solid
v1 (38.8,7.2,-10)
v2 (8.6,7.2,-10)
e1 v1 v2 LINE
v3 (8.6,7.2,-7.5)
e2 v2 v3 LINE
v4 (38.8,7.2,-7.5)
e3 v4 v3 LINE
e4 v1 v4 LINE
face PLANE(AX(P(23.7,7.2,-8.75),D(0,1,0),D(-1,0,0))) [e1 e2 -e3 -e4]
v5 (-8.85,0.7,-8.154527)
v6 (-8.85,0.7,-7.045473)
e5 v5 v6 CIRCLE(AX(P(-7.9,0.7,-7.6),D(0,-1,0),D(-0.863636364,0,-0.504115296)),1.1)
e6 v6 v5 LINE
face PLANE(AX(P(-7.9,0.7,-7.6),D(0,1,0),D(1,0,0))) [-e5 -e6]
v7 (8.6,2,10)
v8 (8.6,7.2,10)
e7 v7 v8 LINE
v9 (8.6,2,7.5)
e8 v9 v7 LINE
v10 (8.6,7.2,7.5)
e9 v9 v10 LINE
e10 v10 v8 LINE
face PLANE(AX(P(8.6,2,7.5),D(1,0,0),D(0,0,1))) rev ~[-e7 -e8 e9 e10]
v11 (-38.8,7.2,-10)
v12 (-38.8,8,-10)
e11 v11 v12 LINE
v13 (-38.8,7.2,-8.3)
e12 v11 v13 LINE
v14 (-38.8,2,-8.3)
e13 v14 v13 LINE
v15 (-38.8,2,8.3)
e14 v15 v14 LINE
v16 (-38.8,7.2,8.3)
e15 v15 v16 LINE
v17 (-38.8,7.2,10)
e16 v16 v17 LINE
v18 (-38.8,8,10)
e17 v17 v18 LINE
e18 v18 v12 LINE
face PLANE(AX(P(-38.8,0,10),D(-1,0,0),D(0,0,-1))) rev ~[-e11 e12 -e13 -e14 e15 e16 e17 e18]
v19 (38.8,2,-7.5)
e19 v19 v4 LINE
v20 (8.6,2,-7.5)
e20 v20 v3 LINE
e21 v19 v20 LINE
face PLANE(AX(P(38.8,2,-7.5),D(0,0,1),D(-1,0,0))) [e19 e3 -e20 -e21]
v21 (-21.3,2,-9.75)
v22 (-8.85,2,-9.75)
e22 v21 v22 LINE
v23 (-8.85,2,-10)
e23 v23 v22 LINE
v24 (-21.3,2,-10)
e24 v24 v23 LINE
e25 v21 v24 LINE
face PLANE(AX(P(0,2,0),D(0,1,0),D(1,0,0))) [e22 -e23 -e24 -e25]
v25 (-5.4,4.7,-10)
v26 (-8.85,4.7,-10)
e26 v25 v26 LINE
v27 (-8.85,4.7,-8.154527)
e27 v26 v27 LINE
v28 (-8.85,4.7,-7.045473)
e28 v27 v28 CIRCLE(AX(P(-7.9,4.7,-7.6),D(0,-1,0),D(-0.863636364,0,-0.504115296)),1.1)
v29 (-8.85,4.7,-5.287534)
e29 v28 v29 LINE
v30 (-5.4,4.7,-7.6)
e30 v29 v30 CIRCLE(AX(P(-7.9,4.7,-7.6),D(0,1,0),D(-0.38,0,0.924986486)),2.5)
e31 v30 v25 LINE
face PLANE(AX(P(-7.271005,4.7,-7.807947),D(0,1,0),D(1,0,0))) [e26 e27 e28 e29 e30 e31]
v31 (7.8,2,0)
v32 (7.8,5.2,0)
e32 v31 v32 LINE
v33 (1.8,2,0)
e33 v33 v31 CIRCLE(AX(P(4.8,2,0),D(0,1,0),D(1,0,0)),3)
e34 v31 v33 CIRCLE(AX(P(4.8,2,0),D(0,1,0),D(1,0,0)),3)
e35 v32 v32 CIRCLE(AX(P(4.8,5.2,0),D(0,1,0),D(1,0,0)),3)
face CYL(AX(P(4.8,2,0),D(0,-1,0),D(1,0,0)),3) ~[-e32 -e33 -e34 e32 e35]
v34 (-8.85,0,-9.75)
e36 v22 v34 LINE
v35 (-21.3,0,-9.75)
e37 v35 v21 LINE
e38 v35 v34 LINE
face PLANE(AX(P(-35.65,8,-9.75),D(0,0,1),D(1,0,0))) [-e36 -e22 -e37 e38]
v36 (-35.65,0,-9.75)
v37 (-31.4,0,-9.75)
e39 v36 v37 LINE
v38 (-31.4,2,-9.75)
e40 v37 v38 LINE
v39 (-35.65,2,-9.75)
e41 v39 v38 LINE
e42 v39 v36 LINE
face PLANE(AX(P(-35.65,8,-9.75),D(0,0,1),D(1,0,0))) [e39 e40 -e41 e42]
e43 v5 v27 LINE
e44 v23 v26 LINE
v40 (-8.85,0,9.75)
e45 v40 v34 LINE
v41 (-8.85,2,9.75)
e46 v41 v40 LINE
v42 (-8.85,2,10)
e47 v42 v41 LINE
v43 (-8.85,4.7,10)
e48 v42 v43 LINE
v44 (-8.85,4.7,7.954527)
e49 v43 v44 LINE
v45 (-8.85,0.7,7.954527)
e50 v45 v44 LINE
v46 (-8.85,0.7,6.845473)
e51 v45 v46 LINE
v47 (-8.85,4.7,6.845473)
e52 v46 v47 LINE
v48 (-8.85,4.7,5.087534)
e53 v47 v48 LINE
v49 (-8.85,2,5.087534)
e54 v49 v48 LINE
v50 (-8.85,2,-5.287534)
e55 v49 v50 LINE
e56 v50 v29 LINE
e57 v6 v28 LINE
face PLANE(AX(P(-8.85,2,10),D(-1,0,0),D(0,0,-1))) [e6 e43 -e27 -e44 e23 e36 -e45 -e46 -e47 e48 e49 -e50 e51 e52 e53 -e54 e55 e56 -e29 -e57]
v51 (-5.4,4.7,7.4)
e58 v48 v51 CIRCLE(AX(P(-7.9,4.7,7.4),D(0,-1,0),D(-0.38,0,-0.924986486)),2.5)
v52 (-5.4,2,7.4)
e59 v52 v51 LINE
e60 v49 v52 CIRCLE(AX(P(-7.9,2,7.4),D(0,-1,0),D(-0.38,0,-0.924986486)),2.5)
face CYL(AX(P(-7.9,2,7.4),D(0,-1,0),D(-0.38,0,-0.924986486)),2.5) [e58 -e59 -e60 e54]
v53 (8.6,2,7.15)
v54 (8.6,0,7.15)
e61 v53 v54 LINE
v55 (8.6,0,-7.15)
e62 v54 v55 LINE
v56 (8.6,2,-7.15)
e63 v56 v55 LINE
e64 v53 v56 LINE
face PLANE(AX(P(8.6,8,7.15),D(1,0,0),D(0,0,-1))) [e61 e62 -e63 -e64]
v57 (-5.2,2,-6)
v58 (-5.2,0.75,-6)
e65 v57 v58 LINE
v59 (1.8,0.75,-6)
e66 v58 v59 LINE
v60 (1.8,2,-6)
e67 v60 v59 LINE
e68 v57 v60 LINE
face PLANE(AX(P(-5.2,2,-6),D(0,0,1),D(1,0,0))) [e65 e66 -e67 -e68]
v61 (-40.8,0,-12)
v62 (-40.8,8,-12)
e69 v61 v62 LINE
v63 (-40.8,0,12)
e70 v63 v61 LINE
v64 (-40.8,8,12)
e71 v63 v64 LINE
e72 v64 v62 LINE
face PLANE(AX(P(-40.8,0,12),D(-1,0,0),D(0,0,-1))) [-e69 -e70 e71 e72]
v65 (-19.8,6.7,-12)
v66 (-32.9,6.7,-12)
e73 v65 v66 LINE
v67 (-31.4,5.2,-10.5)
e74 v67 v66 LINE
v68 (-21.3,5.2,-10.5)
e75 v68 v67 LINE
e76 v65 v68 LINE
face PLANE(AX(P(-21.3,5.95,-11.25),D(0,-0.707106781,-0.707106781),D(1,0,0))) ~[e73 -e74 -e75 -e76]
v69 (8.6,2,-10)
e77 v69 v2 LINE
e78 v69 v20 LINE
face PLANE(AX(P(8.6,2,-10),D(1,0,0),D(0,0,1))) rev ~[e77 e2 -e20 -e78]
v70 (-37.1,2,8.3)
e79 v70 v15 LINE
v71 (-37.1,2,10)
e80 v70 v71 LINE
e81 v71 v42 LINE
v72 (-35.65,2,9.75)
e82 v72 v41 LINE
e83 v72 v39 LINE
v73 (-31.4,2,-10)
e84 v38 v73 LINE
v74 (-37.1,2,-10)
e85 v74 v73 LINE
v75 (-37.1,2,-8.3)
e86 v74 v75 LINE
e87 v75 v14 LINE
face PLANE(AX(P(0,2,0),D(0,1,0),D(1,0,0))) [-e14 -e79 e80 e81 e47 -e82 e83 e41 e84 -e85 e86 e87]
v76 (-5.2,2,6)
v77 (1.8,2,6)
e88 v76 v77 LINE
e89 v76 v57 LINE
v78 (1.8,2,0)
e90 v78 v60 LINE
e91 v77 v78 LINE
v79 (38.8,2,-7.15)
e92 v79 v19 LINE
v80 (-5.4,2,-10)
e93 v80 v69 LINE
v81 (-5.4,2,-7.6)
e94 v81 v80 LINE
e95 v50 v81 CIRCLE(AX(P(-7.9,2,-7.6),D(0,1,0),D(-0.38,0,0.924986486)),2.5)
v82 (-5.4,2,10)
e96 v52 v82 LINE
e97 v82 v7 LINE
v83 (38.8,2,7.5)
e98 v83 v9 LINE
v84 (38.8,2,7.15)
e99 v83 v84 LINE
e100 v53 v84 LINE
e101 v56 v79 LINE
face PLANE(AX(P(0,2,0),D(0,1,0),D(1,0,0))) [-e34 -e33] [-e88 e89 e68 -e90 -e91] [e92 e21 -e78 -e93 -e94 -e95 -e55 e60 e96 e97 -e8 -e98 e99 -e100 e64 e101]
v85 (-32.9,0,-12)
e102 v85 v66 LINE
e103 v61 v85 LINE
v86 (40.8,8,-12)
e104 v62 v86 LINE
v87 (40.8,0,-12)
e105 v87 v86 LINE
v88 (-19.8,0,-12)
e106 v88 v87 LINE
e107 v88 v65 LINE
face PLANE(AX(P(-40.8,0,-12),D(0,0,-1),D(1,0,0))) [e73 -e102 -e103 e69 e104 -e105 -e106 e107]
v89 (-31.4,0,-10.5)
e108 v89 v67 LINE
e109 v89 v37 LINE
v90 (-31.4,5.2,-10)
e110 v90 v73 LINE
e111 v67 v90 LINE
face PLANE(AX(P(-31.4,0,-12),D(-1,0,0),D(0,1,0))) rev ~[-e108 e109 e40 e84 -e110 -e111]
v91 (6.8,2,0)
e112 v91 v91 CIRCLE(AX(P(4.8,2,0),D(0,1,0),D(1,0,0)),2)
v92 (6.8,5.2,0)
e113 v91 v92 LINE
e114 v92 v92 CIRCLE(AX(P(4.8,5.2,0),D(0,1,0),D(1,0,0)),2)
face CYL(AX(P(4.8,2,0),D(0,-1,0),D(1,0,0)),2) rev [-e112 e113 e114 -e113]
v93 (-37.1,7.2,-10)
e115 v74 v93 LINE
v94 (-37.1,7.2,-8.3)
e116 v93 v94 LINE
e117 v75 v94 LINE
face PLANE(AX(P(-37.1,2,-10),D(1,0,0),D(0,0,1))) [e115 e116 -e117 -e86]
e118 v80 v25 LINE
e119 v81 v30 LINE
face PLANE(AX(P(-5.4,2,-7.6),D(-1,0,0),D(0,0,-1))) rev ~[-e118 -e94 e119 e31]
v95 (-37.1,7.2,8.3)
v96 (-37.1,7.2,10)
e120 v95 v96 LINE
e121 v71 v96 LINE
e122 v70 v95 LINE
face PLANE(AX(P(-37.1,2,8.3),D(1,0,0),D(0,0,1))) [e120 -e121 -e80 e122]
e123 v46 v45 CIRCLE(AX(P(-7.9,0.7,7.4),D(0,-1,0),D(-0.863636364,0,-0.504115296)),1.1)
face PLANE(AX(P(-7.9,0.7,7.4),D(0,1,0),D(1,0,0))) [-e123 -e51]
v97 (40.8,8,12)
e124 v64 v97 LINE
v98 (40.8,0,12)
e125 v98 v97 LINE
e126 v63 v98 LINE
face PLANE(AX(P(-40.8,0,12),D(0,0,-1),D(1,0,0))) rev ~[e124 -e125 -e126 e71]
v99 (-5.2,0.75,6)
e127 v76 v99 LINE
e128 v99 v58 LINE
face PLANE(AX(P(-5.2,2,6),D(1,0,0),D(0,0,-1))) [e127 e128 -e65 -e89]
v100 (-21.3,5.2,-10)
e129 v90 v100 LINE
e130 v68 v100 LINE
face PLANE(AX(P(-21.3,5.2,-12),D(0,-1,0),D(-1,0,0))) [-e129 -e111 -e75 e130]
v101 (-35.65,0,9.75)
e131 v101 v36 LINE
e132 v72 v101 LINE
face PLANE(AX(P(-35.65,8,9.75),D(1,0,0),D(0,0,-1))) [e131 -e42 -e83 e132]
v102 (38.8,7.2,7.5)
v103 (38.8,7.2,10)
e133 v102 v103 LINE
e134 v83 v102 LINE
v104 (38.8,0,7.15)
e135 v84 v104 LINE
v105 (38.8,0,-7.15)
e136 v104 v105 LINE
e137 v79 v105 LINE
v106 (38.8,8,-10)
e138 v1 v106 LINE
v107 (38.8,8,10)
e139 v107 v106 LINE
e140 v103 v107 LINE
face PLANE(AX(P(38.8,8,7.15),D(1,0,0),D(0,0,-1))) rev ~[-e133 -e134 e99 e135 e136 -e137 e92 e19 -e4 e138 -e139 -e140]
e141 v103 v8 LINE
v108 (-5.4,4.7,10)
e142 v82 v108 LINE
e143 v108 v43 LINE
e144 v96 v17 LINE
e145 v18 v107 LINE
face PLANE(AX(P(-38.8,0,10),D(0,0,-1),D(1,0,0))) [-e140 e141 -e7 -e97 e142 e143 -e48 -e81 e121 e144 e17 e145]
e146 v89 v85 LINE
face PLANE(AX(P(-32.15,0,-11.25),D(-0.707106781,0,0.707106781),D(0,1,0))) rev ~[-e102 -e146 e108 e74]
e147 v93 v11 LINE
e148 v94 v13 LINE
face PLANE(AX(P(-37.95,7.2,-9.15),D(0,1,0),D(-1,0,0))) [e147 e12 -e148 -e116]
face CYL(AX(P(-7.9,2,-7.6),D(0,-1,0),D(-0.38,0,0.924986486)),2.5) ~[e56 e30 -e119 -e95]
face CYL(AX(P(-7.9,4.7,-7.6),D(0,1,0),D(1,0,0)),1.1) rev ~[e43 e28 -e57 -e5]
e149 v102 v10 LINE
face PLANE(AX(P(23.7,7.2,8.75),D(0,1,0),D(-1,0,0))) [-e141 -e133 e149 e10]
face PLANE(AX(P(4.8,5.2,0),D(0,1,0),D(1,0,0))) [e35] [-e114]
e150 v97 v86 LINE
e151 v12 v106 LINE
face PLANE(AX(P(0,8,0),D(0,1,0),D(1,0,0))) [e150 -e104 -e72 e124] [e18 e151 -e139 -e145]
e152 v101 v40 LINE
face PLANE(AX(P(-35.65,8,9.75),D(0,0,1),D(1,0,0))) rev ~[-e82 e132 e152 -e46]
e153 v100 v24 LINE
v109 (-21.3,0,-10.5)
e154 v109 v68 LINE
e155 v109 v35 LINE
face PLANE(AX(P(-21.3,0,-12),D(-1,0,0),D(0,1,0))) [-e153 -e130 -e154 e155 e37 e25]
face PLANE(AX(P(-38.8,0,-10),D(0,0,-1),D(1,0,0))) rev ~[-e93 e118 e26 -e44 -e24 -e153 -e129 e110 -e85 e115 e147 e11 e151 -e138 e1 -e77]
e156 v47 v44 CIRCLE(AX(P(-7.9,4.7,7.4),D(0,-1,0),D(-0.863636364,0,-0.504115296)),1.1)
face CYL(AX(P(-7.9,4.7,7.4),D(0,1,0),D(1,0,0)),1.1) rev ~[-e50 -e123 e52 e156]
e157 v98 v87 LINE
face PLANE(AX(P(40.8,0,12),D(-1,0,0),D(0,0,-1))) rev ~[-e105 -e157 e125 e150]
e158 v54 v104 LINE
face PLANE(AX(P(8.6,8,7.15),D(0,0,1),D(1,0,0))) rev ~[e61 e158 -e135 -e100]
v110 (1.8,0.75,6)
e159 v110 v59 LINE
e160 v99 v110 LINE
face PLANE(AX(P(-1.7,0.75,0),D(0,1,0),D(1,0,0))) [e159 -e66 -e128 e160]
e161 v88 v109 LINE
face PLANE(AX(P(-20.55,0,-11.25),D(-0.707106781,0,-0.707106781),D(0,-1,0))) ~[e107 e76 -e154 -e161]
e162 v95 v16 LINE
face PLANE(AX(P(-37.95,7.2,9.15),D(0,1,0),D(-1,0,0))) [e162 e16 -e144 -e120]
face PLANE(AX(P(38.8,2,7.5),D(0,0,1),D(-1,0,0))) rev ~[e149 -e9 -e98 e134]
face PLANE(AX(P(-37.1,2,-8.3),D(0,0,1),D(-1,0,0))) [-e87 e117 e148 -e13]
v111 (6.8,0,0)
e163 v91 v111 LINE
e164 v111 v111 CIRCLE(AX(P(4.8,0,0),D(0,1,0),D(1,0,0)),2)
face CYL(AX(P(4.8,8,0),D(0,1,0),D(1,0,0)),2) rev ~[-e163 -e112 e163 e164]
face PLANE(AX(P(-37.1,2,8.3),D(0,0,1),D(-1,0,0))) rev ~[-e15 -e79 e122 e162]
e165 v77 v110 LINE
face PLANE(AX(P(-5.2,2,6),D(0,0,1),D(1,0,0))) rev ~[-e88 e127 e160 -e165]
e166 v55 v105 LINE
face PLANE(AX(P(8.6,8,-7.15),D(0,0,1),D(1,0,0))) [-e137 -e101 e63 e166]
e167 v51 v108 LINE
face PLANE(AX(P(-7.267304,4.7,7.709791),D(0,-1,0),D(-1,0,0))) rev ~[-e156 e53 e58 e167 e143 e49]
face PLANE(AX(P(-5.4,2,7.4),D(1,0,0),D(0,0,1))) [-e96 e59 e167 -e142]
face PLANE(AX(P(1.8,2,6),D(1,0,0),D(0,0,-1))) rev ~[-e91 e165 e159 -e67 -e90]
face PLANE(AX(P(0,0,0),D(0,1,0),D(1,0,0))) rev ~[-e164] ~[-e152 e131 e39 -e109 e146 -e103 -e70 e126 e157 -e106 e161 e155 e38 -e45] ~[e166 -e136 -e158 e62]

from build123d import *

# Parameters (mm, degrees)
SKETCH2_W           = 81.6
SKETCH2_H           = 24
SKETCH2_W_2         = 77.6
SKETCH2_H_2         = 20
BOSS_EXTRUDE1_DEPTH = 8
SKETCH3_W           = 77.6
SKETCH3_H           = 20
BOSS_EXTRUDE2_DEPTH = 2
SKETCH4_R           = 2
SKETCH4_W           = 26.8
SKETCH4_H           = 19.5
SKETCH4_W_2         = 30.2
SKETCH4_H_2         = 14.3
CUT_EXTRUDE1_DEPTH  = 9
SKETCH6_W           = 30.2
SKETCH6_H           = 2.5
SKETCH6_W_2         = 1.7
SKETCH6_H_2         = 1.7
BOSS_EXTRUDE5_DEPTH = 5.2
SKETCH11_R          = 3
SKETCH11_R_2        = 2
BOSS_EXTRUDE6_DEPTH = 3.2
BOSS_EXTRUDE7_DEPTH = 2.7
SKETCH13_R          = 1.1
CUT_EXTRUDE2_DEPTH  = 4
CUT_EXTRUDE3_REACH  = 26
SKETCH15_W          = 10.1
SKETCH15_H          = 5.2
CHAMFER1_SIZE       = 1.5
SKETCH16_W          = 7
SKETCH16_H          = 12
CUT_EXTRUDE4_DEPTH  = 1.25


with BuildPart() as part:
    # Sketch2 → Boss-Extrude1 (new body)
    with BuildSketch(Plane(origin=(0, 0, 0), x_dir=(1, 0, 0), z_dir=(0, 1, 0))):
        Rectangle(SKETCH2_W, SKETCH2_H)
        Rectangle(SKETCH2_W_2, SKETCH2_H_2, mode=Mode.SUBTRACT)
    extrude(amount=BOSS_EXTRUDE1_DEPTH)

    # Sketch3 → Boss-Extrude2 (add)
    with BuildSketch(Plane(origin=(0, 0, 0), x_dir=(1, 0, 0), z_dir=(0, 1, 0))):
        Rectangle(SKETCH3_W, SKETCH3_H)
    extrude(amount=BOSS_EXTRUDE2_DEPTH)

    # Sketch4 → Cut-Extrude1 (cut, through all)
    with BuildSketch(Plane(origin=(0, 8, 0), x_dir=(1, 0, 0), z_dir=(0, 1, 0))):
        with Locations((4.8, 0)):
            Circle(SKETCH4_R)
        with Locations((-22.25, 0)):
            Rectangle(SKETCH4_W, SKETCH4_H)
        with Locations((23.7, 0)):
            Rectangle(SKETCH4_W_2, SKETCH4_H_2)
    extrude(amount=-CUT_EXTRUDE1_DEPTH, mode=Mode.SUBTRACT)

    # Sketch6 → Boss-Extrude5 (add)
    with BuildSketch(Plane(origin=(0, 2, 0), x_dir=(-1, 0, 0), z_dir=(0, 1, 0))):
        with Locations((-23.7, 8.75)):
            Rectangle(SKETCH6_W, SKETCH6_H)
        with Locations((-23.7, -8.75)):
            Rectangle(SKETCH6_W, SKETCH6_H)
        with Locations((37.95, 9.15)):
            Rectangle(SKETCH6_W_2, SKETCH6_H_2)
        with Locations((37.95, -9.15)):
            Rectangle(SKETCH6_W_2, SKETCH6_H_2)
    extrude(amount=BOSS_EXTRUDE5_DEPTH)

    # Sketch11 → Boss-Extrude6 (add)
    with BuildSketch(Plane(origin=(0, 2, 0), x_dir=(1, 0, 0), z_dir=(0, 1, 0))):
        with Locations((4.8, 0)):
            Circle(SKETCH11_R)
        with Locations((4.8, 0)):
            Circle(SKETCH11_R_2, mode=Mode.SUBTRACT)
    extrude(amount=BOSS_EXTRUDE6_DEPTH)

    # Sketch8 → Boss-Extrude7 (add)
    with BuildSketch(Plane(origin=(0, 2, 0), x_dir=(1, 0, 0), z_dir=(0, 1, 0))):
        with BuildLine():
            Line((-8.85, -9.75), (-8.85, -5.087533784))
            ThreePointArc((-8.85, -5.087533784), (-6.508058909, -5.323344034), (-5.4, -7.4))
            Line((-5.4, -7.4), (-5.4, -10))
            Line((-5.4, -10), (-8.85, -10))
            Line((-8.85, -10), (-8.85, -9.75))
        make_face()
        with BuildLine():
            Line((-5.4, 10), (-8.85, 10))
            Line((-8.85, 10), (-8.85, 9.75))
            Line((-8.85, 9.75), (-8.85, 5.287533784))
            ThreePointArc((-8.85, 5.287533784), (-6.508058909, 5.523344034), (-5.4, 7.6))
            Line((-5.4, 7.6), (-5.4, 10))
        make_face()
    extrude(amount=BOSS_EXTRUDE7_DEPTH)

    # Sketch13 → Cut-Extrude2 (cut)
    with BuildSketch(Plane(origin=(0, 4.7, 0), x_dir=(1, 0, 0), z_dir=(0, 1, 0))):
        with Locations((-7.9, 7.6)):
            Circle(SKETCH13_R)
        with Locations((-7.9, -7.4)):
            Circle(SKETCH13_R)
    extrude(amount=-CUT_EXTRUDE2_DEPTH, mode=Mode.SUBTRACT)

    # Sketch15 → Cut-Extrude3 (cut, up to next)
    with BuildSketch(Plane(origin=(0, 0, -12), x_dir=(-1, 0, 0), z_dir=(0, 0, -1)), mode=Mode.PRIVATE) as cut_extrude3_sk1:
        with Locations((26.35, 2.6)):
            Rectangle(SKETCH15_W, SKETCH15_H)
    cut_extrude3_tool1 = extrude(cut_extrude3_sk1.sketch, amount=-CUT_EXTRUDE3_REACH, mode=Mode.PRIVATE) & part.part
    add(cut_extrude3_tool1.solids().sort_by_distance((-26.35, 2.6, -12))[0], mode=Mode.SUBTRACT)

    # Chamfer1
    chamfer1_edges = [part.edges().sort_by_distance(p)[0] for p in [
        (-21.3, 2.6, -12),
        (-31.4, 2.6, -12),
        (-26.35, 5.2, -12),
    ]]
    chamfer(chamfer1_edges, length=CHAMFER1_SIZE)

    # Sketch16 → Cut-Extrude4 (cut)
    with BuildSketch(Plane(origin=(0, 2, 0), x_dir=(1, 0, 0), z_dir=(0, 1, 0))):
        with Locations((-1.7, 0)):
            Rectangle(SKETCH16_W, SKETCH16_H)
    extrude(amount=-CUT_EXTRUDE4_DEPTH, mode=Mode.SUBTRACT)


solid = part.part
